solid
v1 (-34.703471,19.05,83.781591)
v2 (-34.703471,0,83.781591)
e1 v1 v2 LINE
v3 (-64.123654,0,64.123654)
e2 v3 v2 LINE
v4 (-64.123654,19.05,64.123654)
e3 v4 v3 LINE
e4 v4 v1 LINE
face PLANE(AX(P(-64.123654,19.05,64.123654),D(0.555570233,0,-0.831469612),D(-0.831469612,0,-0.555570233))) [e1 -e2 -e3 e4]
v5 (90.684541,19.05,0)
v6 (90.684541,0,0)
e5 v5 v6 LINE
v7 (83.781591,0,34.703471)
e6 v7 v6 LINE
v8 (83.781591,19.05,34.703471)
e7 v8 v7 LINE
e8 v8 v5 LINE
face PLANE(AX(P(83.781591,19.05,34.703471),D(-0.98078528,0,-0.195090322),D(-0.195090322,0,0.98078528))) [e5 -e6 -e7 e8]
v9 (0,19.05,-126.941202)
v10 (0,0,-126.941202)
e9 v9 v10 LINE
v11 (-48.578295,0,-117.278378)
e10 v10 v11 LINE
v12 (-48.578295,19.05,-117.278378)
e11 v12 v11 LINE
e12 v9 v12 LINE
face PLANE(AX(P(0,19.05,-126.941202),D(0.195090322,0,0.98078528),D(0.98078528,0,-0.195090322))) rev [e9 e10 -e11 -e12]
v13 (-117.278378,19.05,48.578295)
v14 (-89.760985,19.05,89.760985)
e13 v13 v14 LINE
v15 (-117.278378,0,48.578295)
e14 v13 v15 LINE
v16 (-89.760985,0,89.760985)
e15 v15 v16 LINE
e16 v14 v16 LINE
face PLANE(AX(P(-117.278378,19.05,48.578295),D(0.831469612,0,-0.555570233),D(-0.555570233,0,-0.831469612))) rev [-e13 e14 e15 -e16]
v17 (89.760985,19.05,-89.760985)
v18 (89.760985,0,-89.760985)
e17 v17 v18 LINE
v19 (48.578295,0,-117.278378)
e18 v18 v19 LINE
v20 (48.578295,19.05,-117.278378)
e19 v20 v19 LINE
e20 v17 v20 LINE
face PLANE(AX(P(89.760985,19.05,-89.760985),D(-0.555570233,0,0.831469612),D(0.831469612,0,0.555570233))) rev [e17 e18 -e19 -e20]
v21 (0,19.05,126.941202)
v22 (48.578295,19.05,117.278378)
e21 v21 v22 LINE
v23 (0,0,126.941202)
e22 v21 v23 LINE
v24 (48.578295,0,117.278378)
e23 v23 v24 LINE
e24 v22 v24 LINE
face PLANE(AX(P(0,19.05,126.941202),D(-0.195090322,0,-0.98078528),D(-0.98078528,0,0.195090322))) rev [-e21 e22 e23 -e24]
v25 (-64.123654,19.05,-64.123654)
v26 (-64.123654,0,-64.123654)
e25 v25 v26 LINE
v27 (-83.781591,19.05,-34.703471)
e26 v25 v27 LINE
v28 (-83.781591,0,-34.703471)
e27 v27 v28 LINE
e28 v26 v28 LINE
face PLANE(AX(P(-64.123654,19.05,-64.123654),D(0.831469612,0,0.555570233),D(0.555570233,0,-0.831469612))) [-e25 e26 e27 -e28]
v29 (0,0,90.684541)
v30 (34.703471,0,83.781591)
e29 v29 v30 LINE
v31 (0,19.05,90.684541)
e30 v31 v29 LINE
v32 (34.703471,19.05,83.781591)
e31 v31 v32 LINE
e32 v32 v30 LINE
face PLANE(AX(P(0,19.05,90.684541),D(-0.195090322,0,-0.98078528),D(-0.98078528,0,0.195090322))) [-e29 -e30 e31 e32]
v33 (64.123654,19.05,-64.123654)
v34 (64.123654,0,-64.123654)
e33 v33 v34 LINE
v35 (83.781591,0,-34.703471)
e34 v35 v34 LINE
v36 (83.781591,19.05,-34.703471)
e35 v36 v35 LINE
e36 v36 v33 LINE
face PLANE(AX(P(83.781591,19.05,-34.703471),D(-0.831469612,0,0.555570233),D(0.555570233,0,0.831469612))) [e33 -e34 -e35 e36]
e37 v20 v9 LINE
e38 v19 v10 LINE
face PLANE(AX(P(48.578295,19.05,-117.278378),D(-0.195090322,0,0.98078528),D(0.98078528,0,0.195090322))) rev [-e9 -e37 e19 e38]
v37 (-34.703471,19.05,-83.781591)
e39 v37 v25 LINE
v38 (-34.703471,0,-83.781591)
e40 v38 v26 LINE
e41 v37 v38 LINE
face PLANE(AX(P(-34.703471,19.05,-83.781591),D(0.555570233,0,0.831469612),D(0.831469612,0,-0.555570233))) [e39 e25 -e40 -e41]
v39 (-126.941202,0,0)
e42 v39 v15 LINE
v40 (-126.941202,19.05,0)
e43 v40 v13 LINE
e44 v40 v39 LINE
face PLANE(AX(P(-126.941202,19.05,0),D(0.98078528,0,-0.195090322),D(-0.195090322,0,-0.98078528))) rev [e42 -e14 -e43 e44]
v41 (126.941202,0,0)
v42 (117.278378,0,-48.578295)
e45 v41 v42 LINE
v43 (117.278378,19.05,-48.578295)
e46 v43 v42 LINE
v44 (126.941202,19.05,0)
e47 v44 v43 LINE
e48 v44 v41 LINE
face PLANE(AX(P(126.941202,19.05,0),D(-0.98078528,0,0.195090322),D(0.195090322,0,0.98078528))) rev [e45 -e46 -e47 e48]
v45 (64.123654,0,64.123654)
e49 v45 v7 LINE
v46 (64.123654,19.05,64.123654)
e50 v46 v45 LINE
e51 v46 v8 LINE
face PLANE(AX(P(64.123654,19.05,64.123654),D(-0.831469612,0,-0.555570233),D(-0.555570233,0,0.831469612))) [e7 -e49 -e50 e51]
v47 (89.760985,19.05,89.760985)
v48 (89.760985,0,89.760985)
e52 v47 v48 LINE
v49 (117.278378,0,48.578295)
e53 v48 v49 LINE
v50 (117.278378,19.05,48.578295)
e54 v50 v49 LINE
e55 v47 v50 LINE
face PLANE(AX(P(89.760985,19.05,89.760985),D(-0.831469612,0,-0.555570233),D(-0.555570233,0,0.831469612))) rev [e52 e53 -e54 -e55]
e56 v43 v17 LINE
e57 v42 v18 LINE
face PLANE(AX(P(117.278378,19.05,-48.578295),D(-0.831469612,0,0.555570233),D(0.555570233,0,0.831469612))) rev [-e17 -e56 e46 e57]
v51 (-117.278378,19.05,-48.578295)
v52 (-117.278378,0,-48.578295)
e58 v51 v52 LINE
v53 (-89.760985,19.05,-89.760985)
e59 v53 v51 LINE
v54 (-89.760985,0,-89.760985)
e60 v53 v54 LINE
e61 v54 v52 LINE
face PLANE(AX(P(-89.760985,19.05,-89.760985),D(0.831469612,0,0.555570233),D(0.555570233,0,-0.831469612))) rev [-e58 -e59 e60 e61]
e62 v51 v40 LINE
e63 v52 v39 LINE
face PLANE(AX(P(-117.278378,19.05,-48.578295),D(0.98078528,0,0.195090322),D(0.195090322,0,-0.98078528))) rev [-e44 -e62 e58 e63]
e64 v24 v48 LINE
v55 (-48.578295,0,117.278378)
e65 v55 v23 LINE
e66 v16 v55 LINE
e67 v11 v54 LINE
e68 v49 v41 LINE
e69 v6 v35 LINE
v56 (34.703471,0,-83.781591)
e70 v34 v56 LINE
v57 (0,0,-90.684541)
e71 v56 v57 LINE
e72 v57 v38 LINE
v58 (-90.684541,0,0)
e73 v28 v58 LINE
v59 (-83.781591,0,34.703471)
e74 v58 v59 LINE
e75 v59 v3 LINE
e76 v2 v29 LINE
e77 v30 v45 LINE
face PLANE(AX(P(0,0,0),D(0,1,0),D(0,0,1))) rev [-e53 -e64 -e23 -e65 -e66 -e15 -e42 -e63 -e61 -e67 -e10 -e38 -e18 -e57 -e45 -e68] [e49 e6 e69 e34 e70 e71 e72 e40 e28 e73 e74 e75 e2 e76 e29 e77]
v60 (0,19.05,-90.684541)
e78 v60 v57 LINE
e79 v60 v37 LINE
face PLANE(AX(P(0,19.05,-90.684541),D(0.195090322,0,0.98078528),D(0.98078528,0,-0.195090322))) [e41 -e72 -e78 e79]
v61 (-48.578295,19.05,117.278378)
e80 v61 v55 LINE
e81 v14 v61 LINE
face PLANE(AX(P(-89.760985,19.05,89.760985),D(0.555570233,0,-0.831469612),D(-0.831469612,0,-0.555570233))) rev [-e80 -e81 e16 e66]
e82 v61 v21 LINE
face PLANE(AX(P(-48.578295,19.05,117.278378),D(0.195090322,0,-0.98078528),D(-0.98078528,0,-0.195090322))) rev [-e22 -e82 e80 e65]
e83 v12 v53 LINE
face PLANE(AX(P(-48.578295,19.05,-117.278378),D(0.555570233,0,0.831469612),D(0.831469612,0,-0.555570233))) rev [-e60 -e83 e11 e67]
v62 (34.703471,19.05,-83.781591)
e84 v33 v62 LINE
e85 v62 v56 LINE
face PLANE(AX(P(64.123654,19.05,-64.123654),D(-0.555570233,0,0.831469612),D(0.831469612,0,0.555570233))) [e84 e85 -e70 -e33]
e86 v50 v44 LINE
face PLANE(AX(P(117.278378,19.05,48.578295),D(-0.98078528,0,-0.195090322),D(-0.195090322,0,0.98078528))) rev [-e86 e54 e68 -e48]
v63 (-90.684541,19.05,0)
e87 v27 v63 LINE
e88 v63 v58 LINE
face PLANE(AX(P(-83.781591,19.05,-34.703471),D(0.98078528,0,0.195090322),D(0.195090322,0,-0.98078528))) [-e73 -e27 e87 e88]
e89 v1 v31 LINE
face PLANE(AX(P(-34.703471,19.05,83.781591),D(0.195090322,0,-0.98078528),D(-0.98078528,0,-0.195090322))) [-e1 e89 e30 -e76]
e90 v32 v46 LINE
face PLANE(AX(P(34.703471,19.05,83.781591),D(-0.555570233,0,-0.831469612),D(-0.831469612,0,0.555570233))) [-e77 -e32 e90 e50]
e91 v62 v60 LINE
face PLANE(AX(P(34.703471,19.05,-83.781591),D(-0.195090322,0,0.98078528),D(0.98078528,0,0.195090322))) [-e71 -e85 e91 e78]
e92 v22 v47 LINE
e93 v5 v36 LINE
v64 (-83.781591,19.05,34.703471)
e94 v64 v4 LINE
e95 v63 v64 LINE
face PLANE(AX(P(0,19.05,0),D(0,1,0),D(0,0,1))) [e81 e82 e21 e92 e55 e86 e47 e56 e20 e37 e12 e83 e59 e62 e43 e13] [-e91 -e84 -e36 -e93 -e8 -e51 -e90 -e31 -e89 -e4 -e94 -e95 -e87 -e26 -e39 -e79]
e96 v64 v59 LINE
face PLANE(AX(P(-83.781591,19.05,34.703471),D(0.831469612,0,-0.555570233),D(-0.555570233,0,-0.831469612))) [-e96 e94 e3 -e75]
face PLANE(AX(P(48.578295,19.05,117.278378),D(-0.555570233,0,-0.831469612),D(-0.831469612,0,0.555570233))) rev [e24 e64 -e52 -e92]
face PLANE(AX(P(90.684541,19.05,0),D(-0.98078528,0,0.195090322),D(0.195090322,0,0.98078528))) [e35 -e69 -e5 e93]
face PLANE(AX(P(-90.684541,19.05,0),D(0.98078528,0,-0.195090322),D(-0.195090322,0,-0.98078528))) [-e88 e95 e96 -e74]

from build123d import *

# Parameters (mm, degrees)
BOSS_EXTRUDE1_DEPTH = 19.05


with BuildPart() as part:
    # Sketch1 → Boss-Extrude1 (new body)
    with BuildSketch(Plane(origin=(0, 0, 0), x_dir=(1, 0, 0), z_dir=(0, 1, 0))):
        Polygon((126.941202127, 0), (117.278378477, 48.578294938), (89.760984836, 89.760984836), (48.578294938, 117.278378477), (0, 126.941202127), (-48.578294938, 117.278378477), (-89.760984836, 89.760984836), (-117.278378477, 48.578294938), (-126.941202127, 0), (-117.278378477, -48.578294938), (-89.760984836, -89.760984836), (-48.578294938, -117.278378477), (0, -126.941202127), (48.578294938, -117.278378477), (89.760984836, -89.760984836), (117.278378477, -48.578294938), align=None)
        Polygon((90.684540541, 0), (83.781590921, 34.703471237), (64.123653565, 64.123653565), (34.703471237, 83.781590921), (0, 90.684540541), (-34.703471237, 83.781590921), (-64.123653565, 64.123653565), (-83.781590921, 34.703471237), (-90.684540541, 0), (-83.781590921, -34.703471237), (-64.123653565, -64.123653565), (-34.703471237, -83.781590921), (0, -90.684540541), (34.703471237, -83.781590921), (64.123653565, -64.123653565), (83.781590921, -34.703471237), align=None, mode=Mode.SUBTRACT)
    extrude(amount=BOSS_EXTRUDE1_DEPTH)


solid = part.part
